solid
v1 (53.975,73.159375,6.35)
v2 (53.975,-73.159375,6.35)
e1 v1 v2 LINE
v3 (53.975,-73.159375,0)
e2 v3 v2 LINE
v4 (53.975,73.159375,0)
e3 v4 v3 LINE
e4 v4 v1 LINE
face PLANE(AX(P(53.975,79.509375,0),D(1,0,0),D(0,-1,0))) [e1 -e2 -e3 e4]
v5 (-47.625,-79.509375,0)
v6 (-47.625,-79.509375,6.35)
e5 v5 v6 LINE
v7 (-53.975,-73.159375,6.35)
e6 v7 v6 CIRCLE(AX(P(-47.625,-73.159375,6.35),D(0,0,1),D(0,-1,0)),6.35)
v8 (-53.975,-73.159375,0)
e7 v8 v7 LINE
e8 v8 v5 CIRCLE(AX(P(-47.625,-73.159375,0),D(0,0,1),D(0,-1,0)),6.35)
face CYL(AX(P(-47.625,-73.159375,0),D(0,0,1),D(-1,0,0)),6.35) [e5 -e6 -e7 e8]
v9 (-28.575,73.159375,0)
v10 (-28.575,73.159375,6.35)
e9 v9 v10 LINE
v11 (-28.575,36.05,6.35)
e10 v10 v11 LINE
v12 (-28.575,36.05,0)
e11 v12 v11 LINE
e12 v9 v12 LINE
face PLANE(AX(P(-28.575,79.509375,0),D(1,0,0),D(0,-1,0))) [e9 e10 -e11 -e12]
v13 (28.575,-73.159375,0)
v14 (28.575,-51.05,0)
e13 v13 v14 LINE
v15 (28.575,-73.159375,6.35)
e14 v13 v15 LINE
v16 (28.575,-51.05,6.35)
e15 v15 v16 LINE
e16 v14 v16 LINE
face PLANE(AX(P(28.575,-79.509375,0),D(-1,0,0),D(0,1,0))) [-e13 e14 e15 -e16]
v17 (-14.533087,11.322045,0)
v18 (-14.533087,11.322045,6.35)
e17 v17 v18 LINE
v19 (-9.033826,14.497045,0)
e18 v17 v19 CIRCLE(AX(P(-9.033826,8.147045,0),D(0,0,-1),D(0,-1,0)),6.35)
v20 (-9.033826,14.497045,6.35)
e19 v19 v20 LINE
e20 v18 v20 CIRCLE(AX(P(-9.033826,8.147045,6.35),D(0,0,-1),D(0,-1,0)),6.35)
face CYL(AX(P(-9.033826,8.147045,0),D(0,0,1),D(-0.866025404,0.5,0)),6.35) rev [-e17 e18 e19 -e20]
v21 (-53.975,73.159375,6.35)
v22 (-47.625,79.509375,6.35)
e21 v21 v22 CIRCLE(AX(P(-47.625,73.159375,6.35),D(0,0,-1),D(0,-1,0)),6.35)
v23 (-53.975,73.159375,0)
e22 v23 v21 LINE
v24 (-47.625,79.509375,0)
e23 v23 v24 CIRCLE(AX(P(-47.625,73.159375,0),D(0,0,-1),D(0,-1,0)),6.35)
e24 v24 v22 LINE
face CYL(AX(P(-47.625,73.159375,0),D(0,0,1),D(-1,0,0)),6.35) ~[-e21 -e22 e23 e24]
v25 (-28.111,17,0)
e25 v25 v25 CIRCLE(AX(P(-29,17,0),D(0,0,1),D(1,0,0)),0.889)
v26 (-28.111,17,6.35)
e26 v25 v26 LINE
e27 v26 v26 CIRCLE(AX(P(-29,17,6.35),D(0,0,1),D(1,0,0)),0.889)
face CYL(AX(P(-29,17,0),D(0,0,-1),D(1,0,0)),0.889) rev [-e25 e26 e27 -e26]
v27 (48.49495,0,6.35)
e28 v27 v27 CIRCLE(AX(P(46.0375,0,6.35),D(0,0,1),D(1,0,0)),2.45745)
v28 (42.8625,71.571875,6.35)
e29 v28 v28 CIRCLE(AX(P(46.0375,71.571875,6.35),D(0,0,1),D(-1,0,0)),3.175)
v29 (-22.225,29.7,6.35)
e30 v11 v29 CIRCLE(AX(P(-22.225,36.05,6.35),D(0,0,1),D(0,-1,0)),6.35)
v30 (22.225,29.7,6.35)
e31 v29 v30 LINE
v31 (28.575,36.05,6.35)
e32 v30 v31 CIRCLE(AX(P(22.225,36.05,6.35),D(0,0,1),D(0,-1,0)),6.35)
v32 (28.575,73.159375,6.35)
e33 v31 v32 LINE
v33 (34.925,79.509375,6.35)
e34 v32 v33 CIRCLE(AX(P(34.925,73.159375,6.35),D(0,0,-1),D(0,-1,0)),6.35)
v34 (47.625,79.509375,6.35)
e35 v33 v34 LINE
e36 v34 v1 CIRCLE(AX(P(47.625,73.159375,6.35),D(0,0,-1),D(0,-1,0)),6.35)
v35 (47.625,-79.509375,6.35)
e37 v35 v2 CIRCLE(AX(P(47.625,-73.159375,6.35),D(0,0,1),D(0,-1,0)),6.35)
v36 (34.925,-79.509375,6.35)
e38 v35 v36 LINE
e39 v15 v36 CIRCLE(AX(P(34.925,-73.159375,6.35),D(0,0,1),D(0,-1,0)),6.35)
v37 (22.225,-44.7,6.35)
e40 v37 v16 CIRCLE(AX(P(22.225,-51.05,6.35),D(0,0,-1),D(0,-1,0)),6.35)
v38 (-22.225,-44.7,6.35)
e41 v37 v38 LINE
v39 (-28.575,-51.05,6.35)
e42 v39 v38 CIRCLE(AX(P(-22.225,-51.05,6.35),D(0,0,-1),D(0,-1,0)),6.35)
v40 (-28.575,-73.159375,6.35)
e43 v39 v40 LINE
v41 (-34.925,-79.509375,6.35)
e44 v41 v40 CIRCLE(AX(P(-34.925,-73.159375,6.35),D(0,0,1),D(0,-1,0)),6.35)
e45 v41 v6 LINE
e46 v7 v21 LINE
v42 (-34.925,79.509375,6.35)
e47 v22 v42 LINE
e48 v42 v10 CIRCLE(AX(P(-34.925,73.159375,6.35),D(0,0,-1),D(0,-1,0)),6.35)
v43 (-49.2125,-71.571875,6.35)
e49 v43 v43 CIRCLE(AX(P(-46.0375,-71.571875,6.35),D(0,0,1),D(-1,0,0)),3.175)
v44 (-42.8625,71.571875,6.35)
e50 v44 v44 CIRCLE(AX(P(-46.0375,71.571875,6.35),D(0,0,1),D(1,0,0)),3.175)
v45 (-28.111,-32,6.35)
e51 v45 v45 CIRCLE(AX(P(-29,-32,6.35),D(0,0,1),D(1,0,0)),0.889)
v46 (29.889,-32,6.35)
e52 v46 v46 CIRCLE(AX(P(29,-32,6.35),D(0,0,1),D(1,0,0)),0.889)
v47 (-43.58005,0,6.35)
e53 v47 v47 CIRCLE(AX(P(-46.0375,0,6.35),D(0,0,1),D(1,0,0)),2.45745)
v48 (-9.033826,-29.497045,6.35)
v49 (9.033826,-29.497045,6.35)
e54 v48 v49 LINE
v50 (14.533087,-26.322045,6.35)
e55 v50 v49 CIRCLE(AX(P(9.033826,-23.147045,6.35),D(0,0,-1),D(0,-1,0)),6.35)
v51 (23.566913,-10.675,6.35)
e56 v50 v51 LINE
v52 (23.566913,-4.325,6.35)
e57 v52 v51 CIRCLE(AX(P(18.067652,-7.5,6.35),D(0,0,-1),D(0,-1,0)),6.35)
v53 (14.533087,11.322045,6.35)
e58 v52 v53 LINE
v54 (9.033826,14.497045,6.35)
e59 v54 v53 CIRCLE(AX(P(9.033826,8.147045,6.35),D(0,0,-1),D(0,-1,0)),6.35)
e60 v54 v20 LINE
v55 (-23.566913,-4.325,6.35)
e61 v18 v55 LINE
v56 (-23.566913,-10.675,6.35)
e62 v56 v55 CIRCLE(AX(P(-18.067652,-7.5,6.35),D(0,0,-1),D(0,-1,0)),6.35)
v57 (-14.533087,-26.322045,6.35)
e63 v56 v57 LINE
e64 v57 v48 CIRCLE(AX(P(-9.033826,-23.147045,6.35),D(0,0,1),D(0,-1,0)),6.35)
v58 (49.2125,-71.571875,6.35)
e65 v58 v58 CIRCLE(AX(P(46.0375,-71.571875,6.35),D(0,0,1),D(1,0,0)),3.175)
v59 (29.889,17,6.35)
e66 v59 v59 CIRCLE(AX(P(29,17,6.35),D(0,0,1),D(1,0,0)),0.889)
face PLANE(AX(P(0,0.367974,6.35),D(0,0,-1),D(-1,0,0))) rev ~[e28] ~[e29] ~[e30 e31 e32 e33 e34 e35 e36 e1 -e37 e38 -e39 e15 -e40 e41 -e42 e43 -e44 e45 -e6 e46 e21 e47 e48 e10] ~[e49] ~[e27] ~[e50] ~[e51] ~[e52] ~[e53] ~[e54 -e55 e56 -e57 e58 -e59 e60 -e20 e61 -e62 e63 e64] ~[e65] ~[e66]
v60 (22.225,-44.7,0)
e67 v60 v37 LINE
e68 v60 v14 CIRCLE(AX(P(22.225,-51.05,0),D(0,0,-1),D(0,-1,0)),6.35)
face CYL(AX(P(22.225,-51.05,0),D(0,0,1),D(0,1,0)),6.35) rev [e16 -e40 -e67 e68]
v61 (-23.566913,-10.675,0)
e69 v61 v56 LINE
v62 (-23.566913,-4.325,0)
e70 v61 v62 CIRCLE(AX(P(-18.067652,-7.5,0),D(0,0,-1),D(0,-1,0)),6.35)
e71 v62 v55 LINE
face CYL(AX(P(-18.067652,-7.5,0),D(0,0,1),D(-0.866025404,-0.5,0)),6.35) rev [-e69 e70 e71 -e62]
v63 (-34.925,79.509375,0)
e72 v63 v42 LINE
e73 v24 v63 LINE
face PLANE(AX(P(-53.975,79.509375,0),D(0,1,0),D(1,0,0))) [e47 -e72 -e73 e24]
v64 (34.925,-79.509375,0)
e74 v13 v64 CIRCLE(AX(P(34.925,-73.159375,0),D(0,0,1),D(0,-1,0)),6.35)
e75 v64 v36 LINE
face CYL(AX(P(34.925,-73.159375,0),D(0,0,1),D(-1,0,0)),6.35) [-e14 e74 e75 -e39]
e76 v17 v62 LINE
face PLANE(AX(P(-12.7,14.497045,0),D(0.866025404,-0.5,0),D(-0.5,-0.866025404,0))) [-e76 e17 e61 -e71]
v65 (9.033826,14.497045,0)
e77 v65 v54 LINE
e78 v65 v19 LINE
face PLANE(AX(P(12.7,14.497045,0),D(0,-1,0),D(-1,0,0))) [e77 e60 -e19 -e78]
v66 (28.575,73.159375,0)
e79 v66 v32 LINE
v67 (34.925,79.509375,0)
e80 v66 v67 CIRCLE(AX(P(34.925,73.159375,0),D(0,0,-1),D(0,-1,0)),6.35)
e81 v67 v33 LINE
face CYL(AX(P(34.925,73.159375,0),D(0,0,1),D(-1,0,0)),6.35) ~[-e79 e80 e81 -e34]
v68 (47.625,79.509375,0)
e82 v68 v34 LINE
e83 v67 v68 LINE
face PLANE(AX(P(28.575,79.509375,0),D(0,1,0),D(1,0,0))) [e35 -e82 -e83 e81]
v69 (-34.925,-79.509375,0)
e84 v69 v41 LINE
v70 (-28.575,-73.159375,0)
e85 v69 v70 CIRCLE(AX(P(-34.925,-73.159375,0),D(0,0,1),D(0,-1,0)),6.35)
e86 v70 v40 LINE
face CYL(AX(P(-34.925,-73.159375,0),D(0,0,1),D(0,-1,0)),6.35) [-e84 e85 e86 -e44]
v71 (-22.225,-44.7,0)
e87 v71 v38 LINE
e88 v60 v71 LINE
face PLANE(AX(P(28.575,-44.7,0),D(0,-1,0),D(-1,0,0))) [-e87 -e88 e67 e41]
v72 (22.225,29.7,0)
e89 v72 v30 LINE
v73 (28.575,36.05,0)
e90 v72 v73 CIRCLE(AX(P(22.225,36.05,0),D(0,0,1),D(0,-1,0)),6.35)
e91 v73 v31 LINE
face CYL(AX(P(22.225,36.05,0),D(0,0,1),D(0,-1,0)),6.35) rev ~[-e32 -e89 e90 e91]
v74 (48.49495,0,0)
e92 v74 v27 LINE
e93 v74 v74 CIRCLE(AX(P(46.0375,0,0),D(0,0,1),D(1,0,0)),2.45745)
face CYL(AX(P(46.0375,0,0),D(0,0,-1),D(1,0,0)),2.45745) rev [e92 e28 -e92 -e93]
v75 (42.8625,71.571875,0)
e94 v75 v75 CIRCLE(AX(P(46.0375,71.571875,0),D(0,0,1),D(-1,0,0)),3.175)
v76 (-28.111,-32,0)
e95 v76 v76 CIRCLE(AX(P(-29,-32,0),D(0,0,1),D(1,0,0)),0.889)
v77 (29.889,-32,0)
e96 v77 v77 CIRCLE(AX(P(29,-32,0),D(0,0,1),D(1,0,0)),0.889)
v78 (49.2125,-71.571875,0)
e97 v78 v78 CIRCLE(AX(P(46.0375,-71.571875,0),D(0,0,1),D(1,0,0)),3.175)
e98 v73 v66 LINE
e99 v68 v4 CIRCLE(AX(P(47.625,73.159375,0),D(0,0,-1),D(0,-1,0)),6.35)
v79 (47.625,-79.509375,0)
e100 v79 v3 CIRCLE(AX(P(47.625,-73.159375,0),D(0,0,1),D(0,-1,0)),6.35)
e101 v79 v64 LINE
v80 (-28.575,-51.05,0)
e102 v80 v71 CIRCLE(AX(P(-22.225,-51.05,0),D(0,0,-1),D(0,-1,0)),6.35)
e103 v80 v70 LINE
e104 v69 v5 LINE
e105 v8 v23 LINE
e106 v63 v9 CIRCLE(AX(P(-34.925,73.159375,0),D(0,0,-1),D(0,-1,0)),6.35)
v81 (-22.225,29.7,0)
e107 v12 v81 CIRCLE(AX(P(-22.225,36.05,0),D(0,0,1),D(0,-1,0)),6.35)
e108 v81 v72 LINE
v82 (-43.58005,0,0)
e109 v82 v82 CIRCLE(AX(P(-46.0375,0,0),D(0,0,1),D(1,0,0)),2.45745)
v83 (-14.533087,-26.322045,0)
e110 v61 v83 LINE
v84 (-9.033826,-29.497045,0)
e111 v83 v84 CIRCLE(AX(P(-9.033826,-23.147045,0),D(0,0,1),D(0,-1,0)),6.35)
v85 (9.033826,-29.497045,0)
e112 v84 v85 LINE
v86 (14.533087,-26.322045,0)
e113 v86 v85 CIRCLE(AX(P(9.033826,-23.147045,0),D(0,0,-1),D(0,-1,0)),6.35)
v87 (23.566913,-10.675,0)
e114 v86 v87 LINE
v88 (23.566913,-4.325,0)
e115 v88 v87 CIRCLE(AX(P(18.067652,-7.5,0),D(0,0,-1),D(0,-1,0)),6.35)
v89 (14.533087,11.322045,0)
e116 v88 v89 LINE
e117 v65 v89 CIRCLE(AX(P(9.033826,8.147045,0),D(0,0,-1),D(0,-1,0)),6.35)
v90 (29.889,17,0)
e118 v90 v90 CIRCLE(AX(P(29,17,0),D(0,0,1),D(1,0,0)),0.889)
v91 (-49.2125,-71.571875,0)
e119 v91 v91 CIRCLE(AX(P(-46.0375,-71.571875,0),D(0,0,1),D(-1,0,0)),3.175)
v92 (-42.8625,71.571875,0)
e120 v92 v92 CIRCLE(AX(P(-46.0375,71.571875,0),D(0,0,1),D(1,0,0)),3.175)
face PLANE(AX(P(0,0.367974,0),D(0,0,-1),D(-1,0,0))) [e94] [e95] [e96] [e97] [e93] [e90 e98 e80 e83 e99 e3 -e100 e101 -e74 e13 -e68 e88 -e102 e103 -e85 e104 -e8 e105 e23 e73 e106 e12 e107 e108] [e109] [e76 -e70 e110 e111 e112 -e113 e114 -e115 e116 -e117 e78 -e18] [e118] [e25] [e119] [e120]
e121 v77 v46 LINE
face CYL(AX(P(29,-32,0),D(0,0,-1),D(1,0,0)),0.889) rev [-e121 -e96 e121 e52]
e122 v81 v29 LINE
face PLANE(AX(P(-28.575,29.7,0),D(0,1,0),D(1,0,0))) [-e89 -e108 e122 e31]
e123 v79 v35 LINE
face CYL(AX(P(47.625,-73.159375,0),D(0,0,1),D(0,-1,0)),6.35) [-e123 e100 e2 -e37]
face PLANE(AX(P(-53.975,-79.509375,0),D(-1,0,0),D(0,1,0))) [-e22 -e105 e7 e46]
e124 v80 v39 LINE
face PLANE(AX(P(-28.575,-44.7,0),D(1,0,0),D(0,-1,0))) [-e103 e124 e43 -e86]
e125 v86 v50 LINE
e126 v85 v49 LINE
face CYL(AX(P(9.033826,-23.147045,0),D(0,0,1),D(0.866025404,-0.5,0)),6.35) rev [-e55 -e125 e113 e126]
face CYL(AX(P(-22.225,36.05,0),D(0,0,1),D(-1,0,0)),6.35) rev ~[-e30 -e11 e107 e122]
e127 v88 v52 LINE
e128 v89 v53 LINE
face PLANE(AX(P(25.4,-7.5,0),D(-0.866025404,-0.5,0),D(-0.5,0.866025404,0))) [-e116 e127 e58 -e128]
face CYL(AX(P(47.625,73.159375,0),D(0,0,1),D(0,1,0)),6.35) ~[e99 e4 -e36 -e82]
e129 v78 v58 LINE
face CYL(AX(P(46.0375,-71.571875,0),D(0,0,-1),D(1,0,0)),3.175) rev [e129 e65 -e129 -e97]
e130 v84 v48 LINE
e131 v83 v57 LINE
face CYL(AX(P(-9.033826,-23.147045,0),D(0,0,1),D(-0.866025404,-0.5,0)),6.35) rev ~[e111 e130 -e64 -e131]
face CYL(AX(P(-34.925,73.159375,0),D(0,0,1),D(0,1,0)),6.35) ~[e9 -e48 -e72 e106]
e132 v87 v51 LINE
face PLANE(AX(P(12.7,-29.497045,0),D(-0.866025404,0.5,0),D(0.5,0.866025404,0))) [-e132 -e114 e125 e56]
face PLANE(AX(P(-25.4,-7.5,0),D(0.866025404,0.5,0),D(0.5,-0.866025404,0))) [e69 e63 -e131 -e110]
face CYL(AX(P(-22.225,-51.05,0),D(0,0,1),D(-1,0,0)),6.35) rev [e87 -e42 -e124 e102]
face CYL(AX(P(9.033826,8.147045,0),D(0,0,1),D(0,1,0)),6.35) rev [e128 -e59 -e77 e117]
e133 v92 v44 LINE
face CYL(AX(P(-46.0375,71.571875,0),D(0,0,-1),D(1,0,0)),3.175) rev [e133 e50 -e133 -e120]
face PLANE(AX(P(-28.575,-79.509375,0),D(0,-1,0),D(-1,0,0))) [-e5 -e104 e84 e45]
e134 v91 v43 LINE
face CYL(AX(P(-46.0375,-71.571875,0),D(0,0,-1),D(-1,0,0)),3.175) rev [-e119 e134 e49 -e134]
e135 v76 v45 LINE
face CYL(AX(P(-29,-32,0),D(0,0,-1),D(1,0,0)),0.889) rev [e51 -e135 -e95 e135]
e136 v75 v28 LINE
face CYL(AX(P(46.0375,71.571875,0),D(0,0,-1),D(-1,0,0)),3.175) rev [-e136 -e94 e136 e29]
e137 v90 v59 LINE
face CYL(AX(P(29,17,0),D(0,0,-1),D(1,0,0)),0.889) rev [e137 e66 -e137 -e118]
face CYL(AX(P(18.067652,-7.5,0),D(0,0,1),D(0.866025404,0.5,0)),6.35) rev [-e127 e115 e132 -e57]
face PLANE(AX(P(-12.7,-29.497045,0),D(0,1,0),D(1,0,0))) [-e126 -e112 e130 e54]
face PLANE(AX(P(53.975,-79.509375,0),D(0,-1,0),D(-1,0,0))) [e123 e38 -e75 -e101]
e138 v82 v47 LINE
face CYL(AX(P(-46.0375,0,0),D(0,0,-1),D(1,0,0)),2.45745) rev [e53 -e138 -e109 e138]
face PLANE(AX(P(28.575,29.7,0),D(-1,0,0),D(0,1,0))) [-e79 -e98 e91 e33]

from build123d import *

# Parameters (mm, degrees)
SKETCH1_R           = 0.889
SKETCH1_R_2         = 3.175
SKETCH1_R_3         = 2.45745
BOSS_EXTRUDE1_DEPTH = 6.35
FILLET3_R           = 6.35


with BuildPart() as part:
    # Sketch1 → Boss-Extrude1 (new body)
    with BuildSketch(Plane.XY):
        Polygon((-53.975, -79.509375), (-53.975, 79.509375), (-28.575, 79.509375), (-28.575, 29.7), (28.575, 29.7), (28.575, 79.509375), (53.975, 79.509375), (53.975, -79.509375), (28.575, -79.509375), (28.575, -44.7), (-28.575, -44.7), (-28.575, -79.509375), align=None)
        with Locations((29, 17)):
            Circle(SKETCH1_R, mode=Mode.SUBTRACT)
        with Locations((29, -32)):
            Circle(SKETCH1_R, mode=Mode.SUBTRACT)
        with Locations((-29, -32)):
            Circle(SKETCH1_R, mode=Mode.SUBTRACT)
        with Locations((-29, 17)):
            Circle(SKETCH1_R, mode=Mode.SUBTRACT)
        with Locations((-46.0375, 71.571875)):
            Circle(SKETCH1_R_2, mode=Mode.SUBTRACT)
        with Locations(Location((46.0375, 71.571875, 0), (0, 0, 180))):
            Circle(SKETCH1_R_2, mode=Mode.SUBTRACT)
        with Locations(Location((-46.0375, -71.571875, 0), (0, 0, 180))):
            Circle(SKETCH1_R_2, mode=Mode.SUBTRACT)
        with Locations((46.0375, -71.571875)):
            Circle(SKETCH1_R_2, mode=Mode.SUBTRACT)
        with Locations((-46.0375, 0)):
            Circle(SKETCH1_R_3, mode=Mode.SUBTRACT)
        with Locations((46.0375, 0)):
            Circle(SKETCH1_R_3, mode=Mode.SUBTRACT)
        Polygon((-12.7, -29.497045256), (12.7, -29.497045256), (25.4, -7.5), (12.7, 14.497045256), (-12.7, 14.497045256), (-25.4, -7.5), align=None, mode=Mode.SUBTRACT)
    extrude(amount=BOSS_EXTRUDE1_DEPTH)

    # Fillet3
    fillet3_edges = [part.edges().sort_by_distance(p)[0] for p in [
        (-53.975, -79.509375, 3.175),
        (-53.975, 79.509375, 3.175),
        (-28.575, 79.509375, 3.175),
        (-28.575, 29.7, 3.175),
        (28.575, 29.7, 3.175),
        (28.575, 79.509375, 3.175),
        (53.975, 79.509375, 3.175),
        (53.975, -79.509375, 3.175),
        (28.575, -79.509375, 3.175),
        (28.575, -44.7, 3.175),
        (-28.575, -44.7, 3.175),
        (-28.575, -79.509375, 3.175),
        (-25.4, -7.5, 3.175),
        (-12.7, -29.497045256, 3.175),
        (12.7, -29.497045256, 3.175),
        (25.4, -7.5, 3.175),
        (12.7, 14.497045256, 3.175),
        (-12.7, 14.497045256, 3.175),
    ]]
    fillet(fillet3_edges, radius=FILLET3_R)


solid = part.part
